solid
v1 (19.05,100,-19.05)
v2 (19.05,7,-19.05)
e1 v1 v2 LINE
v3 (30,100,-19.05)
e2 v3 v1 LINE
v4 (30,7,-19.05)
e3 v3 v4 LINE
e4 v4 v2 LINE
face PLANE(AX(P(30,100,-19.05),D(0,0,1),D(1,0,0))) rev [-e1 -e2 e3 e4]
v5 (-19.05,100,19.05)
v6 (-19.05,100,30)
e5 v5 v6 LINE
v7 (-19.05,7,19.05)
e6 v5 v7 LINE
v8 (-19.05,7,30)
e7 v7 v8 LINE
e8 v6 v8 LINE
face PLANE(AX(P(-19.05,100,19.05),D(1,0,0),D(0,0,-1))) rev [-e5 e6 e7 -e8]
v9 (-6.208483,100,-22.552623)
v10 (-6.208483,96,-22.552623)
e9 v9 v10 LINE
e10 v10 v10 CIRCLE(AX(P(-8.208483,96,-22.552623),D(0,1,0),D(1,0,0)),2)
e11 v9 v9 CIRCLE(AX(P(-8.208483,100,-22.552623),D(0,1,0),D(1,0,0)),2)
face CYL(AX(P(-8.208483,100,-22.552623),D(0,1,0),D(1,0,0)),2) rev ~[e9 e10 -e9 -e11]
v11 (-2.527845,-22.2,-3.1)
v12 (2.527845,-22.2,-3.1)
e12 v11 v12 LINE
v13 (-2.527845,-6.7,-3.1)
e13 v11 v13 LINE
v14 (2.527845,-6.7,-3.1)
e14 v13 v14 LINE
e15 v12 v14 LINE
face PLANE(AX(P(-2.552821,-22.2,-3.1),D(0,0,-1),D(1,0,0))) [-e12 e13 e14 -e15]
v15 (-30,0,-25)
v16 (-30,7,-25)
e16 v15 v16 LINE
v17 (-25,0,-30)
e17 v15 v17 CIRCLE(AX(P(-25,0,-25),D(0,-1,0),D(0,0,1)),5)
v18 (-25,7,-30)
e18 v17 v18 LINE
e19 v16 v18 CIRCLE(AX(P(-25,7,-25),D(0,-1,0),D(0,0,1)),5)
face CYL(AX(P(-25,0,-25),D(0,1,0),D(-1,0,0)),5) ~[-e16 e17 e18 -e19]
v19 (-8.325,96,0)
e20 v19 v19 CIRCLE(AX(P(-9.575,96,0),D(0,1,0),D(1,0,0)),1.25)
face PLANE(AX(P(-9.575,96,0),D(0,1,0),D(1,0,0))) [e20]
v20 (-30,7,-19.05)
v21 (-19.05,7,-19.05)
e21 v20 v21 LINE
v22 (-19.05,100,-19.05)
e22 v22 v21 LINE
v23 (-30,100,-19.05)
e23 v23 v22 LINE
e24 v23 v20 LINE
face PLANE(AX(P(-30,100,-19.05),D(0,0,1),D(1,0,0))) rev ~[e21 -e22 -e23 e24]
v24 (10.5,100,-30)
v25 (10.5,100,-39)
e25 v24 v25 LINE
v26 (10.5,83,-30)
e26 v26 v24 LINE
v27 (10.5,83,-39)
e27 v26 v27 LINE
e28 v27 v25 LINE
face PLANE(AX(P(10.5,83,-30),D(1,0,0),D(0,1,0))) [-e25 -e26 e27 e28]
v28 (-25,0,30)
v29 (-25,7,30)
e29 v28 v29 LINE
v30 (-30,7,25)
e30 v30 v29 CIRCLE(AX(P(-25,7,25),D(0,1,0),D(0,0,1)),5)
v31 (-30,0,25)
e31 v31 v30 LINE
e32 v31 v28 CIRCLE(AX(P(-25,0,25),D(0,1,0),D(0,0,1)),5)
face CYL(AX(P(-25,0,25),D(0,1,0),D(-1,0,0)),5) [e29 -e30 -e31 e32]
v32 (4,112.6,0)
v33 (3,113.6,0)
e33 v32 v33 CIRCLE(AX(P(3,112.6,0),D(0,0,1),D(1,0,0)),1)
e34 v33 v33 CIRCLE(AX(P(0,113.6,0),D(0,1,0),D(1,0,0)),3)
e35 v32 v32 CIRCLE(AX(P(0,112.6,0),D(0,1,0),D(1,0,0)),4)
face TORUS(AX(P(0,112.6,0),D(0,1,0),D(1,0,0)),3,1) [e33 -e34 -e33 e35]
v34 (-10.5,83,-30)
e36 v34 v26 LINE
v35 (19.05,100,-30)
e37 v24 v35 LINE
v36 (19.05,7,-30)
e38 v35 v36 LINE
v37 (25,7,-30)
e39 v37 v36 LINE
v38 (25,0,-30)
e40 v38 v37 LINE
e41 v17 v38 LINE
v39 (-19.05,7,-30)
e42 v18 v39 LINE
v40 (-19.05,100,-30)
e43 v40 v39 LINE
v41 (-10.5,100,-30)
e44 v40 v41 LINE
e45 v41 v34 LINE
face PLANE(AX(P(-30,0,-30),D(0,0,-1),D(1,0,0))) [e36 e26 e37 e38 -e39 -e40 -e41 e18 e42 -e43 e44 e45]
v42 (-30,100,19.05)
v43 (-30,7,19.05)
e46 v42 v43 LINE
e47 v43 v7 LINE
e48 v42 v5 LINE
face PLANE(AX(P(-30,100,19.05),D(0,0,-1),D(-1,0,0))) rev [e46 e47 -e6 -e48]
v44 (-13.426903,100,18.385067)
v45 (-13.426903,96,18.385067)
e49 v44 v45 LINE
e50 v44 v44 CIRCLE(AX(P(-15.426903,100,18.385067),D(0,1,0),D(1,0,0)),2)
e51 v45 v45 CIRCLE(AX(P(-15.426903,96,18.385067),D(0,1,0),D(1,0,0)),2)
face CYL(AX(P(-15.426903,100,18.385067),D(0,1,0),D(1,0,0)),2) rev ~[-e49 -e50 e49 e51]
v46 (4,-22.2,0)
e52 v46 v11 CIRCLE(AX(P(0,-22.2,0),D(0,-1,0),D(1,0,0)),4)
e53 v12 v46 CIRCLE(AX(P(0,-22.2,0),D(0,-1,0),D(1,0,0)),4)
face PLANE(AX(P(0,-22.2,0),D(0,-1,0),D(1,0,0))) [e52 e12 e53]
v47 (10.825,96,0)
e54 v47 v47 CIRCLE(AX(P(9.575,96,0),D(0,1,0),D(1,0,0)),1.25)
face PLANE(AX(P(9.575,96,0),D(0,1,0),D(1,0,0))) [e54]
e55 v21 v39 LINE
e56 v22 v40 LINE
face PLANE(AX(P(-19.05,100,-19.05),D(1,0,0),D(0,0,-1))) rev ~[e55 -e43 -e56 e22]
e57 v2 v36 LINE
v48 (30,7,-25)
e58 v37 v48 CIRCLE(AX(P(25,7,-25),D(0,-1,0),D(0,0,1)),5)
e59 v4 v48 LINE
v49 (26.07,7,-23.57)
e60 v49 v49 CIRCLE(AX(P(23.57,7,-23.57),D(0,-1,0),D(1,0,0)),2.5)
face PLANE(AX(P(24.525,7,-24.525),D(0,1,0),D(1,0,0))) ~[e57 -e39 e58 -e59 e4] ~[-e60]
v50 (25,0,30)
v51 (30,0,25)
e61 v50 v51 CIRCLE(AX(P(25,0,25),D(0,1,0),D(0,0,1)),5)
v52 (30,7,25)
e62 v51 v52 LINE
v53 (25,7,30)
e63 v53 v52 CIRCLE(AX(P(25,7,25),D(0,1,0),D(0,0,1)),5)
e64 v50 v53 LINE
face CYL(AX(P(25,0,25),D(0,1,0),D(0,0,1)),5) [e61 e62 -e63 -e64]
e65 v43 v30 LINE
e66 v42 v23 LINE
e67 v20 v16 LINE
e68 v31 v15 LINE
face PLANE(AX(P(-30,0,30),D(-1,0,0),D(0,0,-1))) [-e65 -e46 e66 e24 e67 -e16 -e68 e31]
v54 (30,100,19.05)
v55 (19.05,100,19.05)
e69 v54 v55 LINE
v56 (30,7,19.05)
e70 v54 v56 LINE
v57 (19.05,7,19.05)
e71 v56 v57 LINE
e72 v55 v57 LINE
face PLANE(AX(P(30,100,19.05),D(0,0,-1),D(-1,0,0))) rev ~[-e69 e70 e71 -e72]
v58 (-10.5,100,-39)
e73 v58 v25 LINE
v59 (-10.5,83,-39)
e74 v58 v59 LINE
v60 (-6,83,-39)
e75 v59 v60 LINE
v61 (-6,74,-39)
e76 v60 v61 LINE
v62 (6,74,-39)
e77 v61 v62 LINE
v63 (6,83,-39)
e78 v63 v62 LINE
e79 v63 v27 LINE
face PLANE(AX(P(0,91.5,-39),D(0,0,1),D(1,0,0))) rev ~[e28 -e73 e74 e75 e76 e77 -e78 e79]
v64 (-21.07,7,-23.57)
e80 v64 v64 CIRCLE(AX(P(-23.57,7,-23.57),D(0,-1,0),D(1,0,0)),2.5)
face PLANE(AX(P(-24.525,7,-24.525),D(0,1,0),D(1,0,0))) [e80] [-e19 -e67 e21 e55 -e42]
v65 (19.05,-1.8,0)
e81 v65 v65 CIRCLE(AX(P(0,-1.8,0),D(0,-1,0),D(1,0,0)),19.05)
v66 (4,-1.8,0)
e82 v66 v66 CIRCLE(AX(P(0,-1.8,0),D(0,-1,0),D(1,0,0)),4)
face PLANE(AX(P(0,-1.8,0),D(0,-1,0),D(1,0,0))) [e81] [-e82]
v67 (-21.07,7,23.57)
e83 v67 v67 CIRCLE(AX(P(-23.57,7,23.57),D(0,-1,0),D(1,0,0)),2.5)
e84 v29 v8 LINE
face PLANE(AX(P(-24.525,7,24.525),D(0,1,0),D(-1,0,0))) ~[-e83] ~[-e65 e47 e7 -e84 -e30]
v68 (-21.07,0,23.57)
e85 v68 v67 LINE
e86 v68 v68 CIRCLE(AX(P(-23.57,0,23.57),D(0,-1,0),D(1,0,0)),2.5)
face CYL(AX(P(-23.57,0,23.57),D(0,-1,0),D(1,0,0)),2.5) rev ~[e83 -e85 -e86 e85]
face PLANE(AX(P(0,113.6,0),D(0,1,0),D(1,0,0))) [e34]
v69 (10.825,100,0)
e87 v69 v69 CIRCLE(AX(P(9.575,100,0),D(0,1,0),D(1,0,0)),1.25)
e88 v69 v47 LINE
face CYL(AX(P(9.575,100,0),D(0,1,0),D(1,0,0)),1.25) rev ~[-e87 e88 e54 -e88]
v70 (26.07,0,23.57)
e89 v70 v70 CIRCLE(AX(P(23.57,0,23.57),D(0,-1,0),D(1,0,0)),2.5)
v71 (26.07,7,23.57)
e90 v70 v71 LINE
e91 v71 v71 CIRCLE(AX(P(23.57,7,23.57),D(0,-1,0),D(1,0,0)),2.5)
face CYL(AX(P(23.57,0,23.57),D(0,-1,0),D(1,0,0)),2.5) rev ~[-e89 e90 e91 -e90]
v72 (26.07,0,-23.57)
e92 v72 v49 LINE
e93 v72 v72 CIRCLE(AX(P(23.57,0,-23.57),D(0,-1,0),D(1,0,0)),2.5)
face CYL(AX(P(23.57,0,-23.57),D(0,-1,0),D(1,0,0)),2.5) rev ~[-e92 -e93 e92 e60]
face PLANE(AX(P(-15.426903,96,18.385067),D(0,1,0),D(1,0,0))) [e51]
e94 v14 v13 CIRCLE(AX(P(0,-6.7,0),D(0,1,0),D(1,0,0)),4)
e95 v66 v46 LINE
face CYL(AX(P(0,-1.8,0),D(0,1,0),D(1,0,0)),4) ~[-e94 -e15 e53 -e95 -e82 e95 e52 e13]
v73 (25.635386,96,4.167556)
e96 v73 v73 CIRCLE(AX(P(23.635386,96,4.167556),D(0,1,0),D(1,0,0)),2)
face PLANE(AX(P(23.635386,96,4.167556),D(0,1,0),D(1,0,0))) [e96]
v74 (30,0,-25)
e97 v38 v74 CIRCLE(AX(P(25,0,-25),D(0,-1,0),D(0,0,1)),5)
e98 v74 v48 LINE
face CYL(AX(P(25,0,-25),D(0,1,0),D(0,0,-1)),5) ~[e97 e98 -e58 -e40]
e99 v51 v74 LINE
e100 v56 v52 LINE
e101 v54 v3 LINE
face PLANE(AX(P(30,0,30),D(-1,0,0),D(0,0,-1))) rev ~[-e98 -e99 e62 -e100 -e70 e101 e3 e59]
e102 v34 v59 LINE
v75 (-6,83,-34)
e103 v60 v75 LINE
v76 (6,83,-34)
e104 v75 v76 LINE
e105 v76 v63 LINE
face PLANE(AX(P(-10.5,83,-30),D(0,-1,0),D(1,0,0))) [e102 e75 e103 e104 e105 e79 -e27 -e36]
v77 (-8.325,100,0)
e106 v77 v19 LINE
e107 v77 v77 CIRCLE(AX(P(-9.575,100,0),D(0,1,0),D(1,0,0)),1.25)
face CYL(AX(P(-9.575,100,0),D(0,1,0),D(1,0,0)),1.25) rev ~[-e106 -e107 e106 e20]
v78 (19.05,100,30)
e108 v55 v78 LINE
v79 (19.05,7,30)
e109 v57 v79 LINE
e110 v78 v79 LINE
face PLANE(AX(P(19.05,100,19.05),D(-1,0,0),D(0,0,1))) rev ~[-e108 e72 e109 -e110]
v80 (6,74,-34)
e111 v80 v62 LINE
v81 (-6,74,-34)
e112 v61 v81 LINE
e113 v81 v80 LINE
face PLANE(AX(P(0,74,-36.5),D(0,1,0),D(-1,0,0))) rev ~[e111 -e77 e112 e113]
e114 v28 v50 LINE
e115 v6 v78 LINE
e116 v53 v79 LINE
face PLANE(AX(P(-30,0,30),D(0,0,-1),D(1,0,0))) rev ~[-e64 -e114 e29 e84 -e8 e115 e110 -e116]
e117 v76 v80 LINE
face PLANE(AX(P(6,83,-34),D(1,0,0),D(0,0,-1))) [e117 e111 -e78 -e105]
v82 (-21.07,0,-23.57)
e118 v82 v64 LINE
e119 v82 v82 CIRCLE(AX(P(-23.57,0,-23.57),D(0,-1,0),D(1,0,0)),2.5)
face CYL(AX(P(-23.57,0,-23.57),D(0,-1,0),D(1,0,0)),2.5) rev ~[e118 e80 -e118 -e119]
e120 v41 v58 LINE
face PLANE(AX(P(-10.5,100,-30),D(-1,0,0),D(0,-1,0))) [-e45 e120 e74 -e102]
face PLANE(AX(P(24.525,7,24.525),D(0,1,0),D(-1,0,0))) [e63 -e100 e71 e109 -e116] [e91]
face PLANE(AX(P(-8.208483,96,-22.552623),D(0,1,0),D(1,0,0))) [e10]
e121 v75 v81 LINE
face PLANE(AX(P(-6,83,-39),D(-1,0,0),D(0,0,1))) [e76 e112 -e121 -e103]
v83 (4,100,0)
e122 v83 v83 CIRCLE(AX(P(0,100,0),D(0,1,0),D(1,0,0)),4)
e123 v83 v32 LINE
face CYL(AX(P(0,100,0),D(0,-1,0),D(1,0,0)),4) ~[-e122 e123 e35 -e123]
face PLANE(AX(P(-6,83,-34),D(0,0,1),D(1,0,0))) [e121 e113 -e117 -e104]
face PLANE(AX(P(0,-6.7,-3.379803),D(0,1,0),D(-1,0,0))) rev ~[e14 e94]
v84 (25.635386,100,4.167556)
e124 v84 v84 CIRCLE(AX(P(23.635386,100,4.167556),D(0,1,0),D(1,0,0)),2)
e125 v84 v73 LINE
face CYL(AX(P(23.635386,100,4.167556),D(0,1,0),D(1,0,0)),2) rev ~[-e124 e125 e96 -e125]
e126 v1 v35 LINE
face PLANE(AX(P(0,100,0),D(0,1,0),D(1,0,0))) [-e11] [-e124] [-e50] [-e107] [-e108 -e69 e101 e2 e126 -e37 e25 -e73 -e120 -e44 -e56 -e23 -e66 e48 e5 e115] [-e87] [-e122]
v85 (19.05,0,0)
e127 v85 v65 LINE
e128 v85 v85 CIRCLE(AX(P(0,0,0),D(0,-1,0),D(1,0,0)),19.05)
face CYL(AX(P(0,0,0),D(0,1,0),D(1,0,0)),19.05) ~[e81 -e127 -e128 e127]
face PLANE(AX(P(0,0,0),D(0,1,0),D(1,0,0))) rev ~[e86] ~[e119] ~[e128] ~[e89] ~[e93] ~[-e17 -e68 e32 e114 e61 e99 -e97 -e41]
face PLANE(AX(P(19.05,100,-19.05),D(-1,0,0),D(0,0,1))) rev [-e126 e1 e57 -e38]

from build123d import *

# Parameters (mm, degrees)
SKETCH1_W               = 60
SKETCH1_H               = 60
BOSS_EXTRUDE1_DEPTH     = 100
SKETCH2_W               = 10.95
SKETCH2_H               = 10.95
CUT_EXTRUDE1_DEPTH      = 93
MIRROR2_COPY_1_SKETCH_W = 10.95
MIRROR2_COPY_1_SKETCH_H = 10.95
MIRROR2_COPY_1_DEPTH    = 93
SKETCH5_R               = 2.5
CUT_EXTRUDE2_DEPTH      = 93
SKETCH7_R               = 19.05
BOSS_EXTRUDE4_DEPTH     = 1.8
SKETCH8_R               = 4
BOSS_EXTRUDE5_DEPTH     = 20.4
FILLET2_R               = 5
SKETCH15_R              = 4
BOSS_EXTRUDE6_DEPTH     = 13.6
FILLET4_R               = 1
CUT_EXTRUDE4_DEPTH      = 15.5
BOSS_EXTRUDE7_DEPTH     = 9
BOSS_EXTRUDE8_DEPTH     = 9
SKETCH22_R              = 1.25
SKETCH22_R_2            = 2
CUT_EXTRUDE7_DEPTH      = 4


with BuildPart() as part:
    # Sketch1 → Boss-Extrude1 (new body)
    with BuildSketch(Plane(origin=(0, 0, 0), x_dir=(1, 0, 0), z_dir=(0, 1, 0))):
        Rectangle(SKETCH1_W, SKETCH1_H)
    extrude(amount=BOSS_EXTRUDE1_DEPTH)

    # Sketch2 → Cut-Extrude1 (cut)
    with BuildSketch(Plane(origin=(0, 100, 0), x_dir=(1, 0, 0), z_dir=(0, 1, 0))):
        with Locations((-24.525, 24.525)):
            Rectangle(SKETCH2_W, SKETCH2_H)
    cut_extrude1 = extrude(amount=-CUT_EXTRUDE1_DEPTH, mode=Mode.SUBTRACT)

    # Mirror1: Cut-Extrude1 across plane
    add(cut_extrude1.mirror(Plane(origin=(0, 0, 0), x_dir=(0, 0, 1), z_dir=(1, 0, 0))), mode=Mode.SUBTRACT)

    # Mirror2: Cut-Extrude1 across plane
    add(cut_extrude1.mirror(Plane.XY), mode=Mode.SUBTRACT)

    # Mirror2 copy 1 sketch → Mirror2 copy 1 (cut)
    with BuildSketch(Plane(origin=(0, 100, 0), x_dir=(-1, 0, 0), z_dir=(0, 1, 0))):
        with Locations((-24.525, 24.525)):
            Rectangle(MIRROR2_COPY_1_SKETCH_W, MIRROR2_COPY_1_SKETCH_H)
    extrude(amount=-MIRROR2_COPY_1_DEPTH, mode=Mode.SUBTRACT)

    # Sketch5 → Cut-Extrude2 (cut)
    with BuildSketch(Plane.XZ):
        with Locations((-23.57, -23.57)):
            Circle(SKETCH5_R)
        with Locations((23.57, -23.57)):
            Circle(SKETCH5_R)
        with Locations((23.57, 23.57)):
            Circle(SKETCH5_R)
        with Locations((-23.57, 23.57)):
            Circle(SKETCH5_R)
    extrude(amount=-CUT_EXTRUDE2_DEPTH, mode=Mode.SUBTRACT)

    # Sketch7 → Boss-Extrude4 (add)
    with BuildSketch(Plane.XZ):
        Circle(SKETCH7_R)
    extrude(amount=BOSS_EXTRUDE4_DEPTH)

    # Sketch8 → Boss-Extrude5 (add)
    with BuildSketch(Plane.XZ.offset(1.8)):
        Circle(SKETCH8_R)
    extrude(amount=BOSS_EXTRUDE5_DEPTH)

    # Fillet2
    fillet2_edges = [part.edges().sort_by_distance(p)[0] for p in [
        (-30, 3.5, -30),
        (30, 3.5, -30),
        (30, 3.5, 30),
        (-30, 3.5, 30),
    ]]
    fillet(fillet2_edges, radius=FILLET2_R)

    # Sketch15 → Boss-Extrude6 (add)
    with BuildSketch(Plane(origin=(0, 100, 0), x_dir=(1, 0, 0), z_dir=(0, 1, 0))):
        Circle(SKETCH15_R)
    extrude(amount=BOSS_EXTRUDE6_DEPTH)

    # Fillet4
    fillet4_edges = [part.edges().sort_by_distance(p)[0] for p in [
        (-4, 113.6, 0),
    ]]
    fillet(fillet4_edges, radius=FILLET4_R)

    # Sketch17 → Cut-Extrude4 (cut)
    with BuildSketch(Plane.XZ.offset(22.2)):
        with BuildLine():
            Line((-2.552821159, -3.1), (2.552821159, -3.1))
            ThreePointArc((2.552821159, -3.1), (0, -4.015830658), (-2.552821159, -3.1))
        make_face()
    extrude(amount=-CUT_EXTRUDE4_DEPTH, mode=Mode.SUBTRACT)

    # Sketch20 → Boss-Extrude7 (add)
    with BuildSketch(Plane(origin=(0, 0, -30), x_dir=(-1, 0, 0), z_dir=(0, 0, -1))):
        Polygon((0, 100), (10.5, 100), (10.5, 83), (-10.5, 83), (-10.5, 100), align=None)
    extrude(amount=BOSS_EXTRUDE7_DEPTH)

    # Sketch21 → Boss-Extrude8 (add)
    with BuildSketch(Plane.XZ.offset(-83)):
        Polygon((0, -39), (-6, -39), (-6, -34), (6, -34), (6, -39), align=None)
    extrude(amount=BOSS_EXTRUDE8_DEPTH)

    # Sketch22 → Cut-Extrude7 (cut)
    with BuildSketch(Plane(origin=(0, 100, 0), x_dir=(1, 0, 0), z_dir=(0, 1, 0))):
        with Locations((-9.575, 0)):
            Circle(SKETCH22_R)
        with Locations((9.575, 0)):
            Circle(SKETCH22_R)
        with Locations((-8.20848344, 22.552622899)):
            Circle(SKETCH22_R_2)
        with Locations((-15.426902632, -18.385066635)):
            Circle(SKETCH22_R_2)
        with Locations((23.635386072, -4.167556264)):
            Circle(SKETCH22_R_2)
    extrude(amount=-CUT_EXTRUDE7_DEPTH, mode=Mode.SUBTRACT)


solid = part.part
